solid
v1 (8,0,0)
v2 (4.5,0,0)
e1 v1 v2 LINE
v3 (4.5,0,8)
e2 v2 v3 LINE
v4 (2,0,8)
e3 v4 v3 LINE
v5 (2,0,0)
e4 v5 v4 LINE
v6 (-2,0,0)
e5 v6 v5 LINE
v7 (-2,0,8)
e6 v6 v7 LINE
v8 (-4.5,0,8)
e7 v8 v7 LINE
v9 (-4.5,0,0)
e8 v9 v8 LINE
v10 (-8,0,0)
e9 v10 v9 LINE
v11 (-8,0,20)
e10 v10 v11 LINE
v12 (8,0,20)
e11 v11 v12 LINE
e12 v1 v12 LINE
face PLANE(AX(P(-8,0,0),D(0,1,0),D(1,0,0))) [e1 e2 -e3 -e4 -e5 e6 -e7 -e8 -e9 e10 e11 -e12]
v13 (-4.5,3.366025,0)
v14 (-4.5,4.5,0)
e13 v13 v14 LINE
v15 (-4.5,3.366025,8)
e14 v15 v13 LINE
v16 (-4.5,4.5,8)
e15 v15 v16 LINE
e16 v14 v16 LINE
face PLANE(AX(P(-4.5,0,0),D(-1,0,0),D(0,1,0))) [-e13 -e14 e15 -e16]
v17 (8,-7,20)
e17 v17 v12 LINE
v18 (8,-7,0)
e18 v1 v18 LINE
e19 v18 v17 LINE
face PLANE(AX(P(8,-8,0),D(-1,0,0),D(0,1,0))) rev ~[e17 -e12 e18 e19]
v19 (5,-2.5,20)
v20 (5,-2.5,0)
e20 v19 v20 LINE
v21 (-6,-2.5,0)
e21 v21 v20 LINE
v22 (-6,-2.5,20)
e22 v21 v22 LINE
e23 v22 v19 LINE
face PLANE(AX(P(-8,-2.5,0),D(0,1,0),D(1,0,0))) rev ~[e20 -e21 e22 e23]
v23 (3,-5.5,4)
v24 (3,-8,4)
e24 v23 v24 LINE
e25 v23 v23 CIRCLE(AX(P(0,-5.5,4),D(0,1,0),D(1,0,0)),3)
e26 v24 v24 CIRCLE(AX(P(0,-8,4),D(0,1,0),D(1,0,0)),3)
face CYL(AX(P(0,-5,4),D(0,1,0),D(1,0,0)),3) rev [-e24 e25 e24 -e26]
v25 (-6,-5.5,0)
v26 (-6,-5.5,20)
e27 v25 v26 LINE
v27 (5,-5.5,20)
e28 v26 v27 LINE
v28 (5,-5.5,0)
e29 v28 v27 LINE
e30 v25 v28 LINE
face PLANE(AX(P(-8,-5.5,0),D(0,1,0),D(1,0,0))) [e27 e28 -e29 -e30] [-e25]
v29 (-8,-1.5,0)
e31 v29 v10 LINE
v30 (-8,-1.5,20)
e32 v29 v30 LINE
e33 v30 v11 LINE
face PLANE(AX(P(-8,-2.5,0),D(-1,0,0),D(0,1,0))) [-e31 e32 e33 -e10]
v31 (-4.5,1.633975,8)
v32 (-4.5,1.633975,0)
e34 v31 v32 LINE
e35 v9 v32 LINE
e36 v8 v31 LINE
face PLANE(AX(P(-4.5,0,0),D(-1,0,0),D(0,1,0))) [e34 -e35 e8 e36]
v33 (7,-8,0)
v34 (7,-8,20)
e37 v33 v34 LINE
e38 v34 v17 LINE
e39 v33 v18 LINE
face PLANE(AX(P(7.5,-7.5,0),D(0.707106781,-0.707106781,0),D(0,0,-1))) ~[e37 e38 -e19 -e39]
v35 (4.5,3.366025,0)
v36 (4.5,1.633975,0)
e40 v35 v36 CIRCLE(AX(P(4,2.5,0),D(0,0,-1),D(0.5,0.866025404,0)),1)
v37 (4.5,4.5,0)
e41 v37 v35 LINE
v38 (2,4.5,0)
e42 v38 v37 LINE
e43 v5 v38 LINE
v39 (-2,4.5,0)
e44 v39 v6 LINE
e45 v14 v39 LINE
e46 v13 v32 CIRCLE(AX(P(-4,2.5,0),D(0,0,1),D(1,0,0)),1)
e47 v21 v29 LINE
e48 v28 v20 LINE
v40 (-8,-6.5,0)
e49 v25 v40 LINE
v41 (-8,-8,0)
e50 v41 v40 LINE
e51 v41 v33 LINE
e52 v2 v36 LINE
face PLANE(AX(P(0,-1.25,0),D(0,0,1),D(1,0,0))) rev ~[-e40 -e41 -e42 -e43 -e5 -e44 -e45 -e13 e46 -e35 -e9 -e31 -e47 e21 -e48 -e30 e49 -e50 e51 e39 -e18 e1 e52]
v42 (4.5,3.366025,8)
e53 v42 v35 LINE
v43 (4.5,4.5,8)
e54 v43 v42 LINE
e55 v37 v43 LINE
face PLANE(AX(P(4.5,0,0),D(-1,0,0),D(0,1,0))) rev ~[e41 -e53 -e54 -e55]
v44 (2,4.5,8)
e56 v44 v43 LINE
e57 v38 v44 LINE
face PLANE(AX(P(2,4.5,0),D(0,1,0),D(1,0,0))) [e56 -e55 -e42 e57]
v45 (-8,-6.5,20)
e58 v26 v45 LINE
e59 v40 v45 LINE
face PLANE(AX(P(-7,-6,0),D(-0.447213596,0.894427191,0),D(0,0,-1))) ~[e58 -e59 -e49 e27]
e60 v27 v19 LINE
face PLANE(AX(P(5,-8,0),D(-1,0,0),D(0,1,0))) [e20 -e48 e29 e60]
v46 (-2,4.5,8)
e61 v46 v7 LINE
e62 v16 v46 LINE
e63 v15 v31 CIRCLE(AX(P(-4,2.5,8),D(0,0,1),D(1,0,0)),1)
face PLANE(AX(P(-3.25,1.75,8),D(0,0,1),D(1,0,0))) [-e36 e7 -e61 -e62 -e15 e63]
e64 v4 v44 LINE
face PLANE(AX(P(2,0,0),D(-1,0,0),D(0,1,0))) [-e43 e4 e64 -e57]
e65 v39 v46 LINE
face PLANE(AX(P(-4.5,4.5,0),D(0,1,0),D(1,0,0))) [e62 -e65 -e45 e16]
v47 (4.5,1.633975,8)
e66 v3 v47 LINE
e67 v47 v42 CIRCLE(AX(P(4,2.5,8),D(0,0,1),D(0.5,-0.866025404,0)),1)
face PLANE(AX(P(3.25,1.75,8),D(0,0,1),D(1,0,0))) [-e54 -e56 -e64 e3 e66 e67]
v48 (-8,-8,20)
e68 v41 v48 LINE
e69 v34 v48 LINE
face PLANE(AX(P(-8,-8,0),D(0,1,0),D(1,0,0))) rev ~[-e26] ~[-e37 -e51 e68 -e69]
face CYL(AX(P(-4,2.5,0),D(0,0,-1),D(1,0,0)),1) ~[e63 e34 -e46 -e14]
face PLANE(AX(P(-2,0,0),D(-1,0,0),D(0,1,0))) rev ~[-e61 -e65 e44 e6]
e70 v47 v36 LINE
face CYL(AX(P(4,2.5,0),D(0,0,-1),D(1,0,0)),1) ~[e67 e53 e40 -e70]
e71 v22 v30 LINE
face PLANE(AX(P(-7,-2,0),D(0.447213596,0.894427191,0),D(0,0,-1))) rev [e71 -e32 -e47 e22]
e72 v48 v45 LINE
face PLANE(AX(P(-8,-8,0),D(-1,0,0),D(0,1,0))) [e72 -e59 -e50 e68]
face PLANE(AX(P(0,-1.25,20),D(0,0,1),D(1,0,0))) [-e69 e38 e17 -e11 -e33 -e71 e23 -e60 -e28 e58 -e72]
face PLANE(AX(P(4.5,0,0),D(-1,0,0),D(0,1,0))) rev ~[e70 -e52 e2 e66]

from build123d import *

# Parameters (mm, degrees)
CYLINDER002_R     = 3
CYLINDER002_DEPTH = 10
BOX008_W          = 2.5
BOX008_H          = 2
BOX008_DEPTH      = 8
BOX009_W          = 2.5
BOX009_H          = 2
BOX009_DEPTH      = 8
BOX006_W          = 16
BOX006_H          = 2.5
BOX006_DEPTH      = 20
BOX_W             = 2.5
BOX_H             = 3.5
BOX_DEPTH         = 8
BOX007_W          = 3
BOX007_H          = 8
BOX007_DEPTH      = 20
CYLINDER001_R     = 1
CYLINDER001_DEPTH = 8
BOX001_W          = 2.5
BOX001_H          = 3.5
BOX001_DEPTH      = 8
BOX002_W          = 16
BOX002_H          = 2.5
BOX002_DEPTH      = 20
CYLINDER_R        = 1
CYLINDER_DEPTH    = 8
CHAMFER_SIZE2     = 1
CHAMFER_SIZE      = 2
CHAMFER001_SIZE2  = 1
CHAMFER001_SIZE   = 2
CHAMFER002_SIZE   = 1


with BuildPart() as cylinder002:
    # Cylinder002 → Cylinder002 (new body)
    with BuildSketch(Plane(origin=(0, -5, 4), x_dir=(1, 0, 0), z_dir=(0, -1, 0))):
        Circle(CYLINDER002_R)
    extrude(amount=CYLINDER002_DEPTH)


with BuildPart() as cube008:
    # Box008 → Box008 (new body)
    with BuildSketch(Plane(origin=(-4.5, 2.5, 0), x_dir=(1, 0, 0), z_dir=(0, 0, 1))):
        with Locations((1.25, 1)):
            Rectangle(BOX008_W, BOX008_H)
    extrude(amount=BOX008_DEPTH)


with BuildPart() as cube009:
    # Box009 → Box009 (new body)
    with BuildSketch(Plane(origin=(2, 2.5, 0), x_dir=(1, 0, 0), z_dir=(0, 0, 1))):
        with Locations((1.25, 1)):
            Rectangle(BOX009_W, BOX009_H)
    extrude(amount=BOX009_DEPTH)


with BuildPart() as cube006:
    # Box006 → Box006 (new body)
    with BuildSketch(Plane(origin=(-8, -8, 0), x_dir=(1, 0, 0), z_dir=(0, 0, 1))):
        with Locations((8, 1.25)):
            Rectangle(BOX006_W, BOX006_H)
    extrude(amount=BOX006_DEPTH)


with BuildPart() as cube:
    # Box → Box (new body)
    with BuildSketch(Plane(origin=(-4.5, 0, 0), x_dir=(1, 0, 0), z_dir=(0, 0, 1))):
        with Locations((1.25, 1.75)):
            Rectangle(BOX_W, BOX_H)
    extrude(amount=BOX_DEPTH)


with BuildPart() as cube007:
    # Box007 → Box007 (new body)
    with BuildSketch(Plane(origin=(5, -8, 0), x_dir=(1, 0, 0), z_dir=(0, 0, 1))):
        with Locations((1.5, 4)):
            Rectangle(BOX007_W, BOX007_H)
    extrude(amount=BOX007_DEPTH)


with BuildPart() as cylinder001:
    # Cylinder001 → Cylinder001 (new body)
    with BuildSketch(Plane(origin=(4, 2.5, 0), x_dir=(1, 0, 0), z_dir=(0, 0, 1))):
        Circle(CYLINDER001_R)
    extrude(amount=CYLINDER001_DEPTH)


with BuildPart() as cube001:
    # Box001 → Box001 (new body)
    with BuildSketch(Plane(origin=(2, 0, 0), x_dir=(1, 0, 0), z_dir=(0, 0, 1))):
        with Locations((1.25, 1.75)):
            Rectangle(BOX001_W, BOX001_H)
    extrude(amount=BOX001_DEPTH)


with BuildPart() as cube002:
    # Box002 → Box002 (new body)
    with BuildSketch(Plane(origin=(-8, -2.5, 0), x_dir=(1, 0, 0), z_dir=(0, 0, 1))):
        with Locations((8, 1.25)):
            Rectangle(BOX002_W, BOX002_H)
    extrude(amount=BOX002_DEPTH)


with BuildPart() as side_clip:
    # Cylinder → Cylinder (new body)
    with BuildSketch(Plane(origin=(-4, 2.5, 0), x_dir=(1, 0, 0), z_dir=(0, 0, 1))):
        Circle(CYLINDER_R)
    extrude(amount=CYLINDER_DEPTH)

    # Fusion: union Cube006, Cube, Cube007, Cylinder001, Cube001, Cube002
    add(cube006.part)
    add(cube.part)
    add(cube007.part)
    add(cylinder001.part)
    add(cube001.part)
    add(cube002.part)

    # Chamfer
    chamfer_edges = [side_clip.edges().sort_by_distance(p)[0] for p in [
        (-8, -2.5, 10),
    ]]
    chamfer_side = side_clip.faces().sort_by_distance((-1.5, -2.5, 10))[0]
    chamfer(chamfer_edges, length=CHAMFER_SIZE, length2=CHAMFER_SIZE2, reference=chamfer_side)

    # Chamfer001
    chamfer001_edges = [side_clip.edges().sort_by_distance(p)[0] for p in [
        (-8, -5.5, 10),
    ]]
    chamfer001_side = side_clip.faces().sort_by_distance((-1.5, -5.5, 10))[0]
    chamfer(chamfer001_edges, length=CHAMFER001_SIZE, length2=CHAMFER001_SIZE2, reference=chamfer001_side)

    # Chamfer002
    chamfer002_edges = [side_clip.edges().sort_by_distance(p)[0] for p in [
        (8, -8, 10),
    ]]
    chamfer(chamfer002_edges, length=CHAMFER002_SIZE)

    # Fusion002: union Cube008, Cube009
    add(cube008.part)
    add(cube009.part)

    # Cut: cut Cylinder002
    add(cylinder002.part, mode=Mode.SUBTRACT)


solid = side_clip.part
